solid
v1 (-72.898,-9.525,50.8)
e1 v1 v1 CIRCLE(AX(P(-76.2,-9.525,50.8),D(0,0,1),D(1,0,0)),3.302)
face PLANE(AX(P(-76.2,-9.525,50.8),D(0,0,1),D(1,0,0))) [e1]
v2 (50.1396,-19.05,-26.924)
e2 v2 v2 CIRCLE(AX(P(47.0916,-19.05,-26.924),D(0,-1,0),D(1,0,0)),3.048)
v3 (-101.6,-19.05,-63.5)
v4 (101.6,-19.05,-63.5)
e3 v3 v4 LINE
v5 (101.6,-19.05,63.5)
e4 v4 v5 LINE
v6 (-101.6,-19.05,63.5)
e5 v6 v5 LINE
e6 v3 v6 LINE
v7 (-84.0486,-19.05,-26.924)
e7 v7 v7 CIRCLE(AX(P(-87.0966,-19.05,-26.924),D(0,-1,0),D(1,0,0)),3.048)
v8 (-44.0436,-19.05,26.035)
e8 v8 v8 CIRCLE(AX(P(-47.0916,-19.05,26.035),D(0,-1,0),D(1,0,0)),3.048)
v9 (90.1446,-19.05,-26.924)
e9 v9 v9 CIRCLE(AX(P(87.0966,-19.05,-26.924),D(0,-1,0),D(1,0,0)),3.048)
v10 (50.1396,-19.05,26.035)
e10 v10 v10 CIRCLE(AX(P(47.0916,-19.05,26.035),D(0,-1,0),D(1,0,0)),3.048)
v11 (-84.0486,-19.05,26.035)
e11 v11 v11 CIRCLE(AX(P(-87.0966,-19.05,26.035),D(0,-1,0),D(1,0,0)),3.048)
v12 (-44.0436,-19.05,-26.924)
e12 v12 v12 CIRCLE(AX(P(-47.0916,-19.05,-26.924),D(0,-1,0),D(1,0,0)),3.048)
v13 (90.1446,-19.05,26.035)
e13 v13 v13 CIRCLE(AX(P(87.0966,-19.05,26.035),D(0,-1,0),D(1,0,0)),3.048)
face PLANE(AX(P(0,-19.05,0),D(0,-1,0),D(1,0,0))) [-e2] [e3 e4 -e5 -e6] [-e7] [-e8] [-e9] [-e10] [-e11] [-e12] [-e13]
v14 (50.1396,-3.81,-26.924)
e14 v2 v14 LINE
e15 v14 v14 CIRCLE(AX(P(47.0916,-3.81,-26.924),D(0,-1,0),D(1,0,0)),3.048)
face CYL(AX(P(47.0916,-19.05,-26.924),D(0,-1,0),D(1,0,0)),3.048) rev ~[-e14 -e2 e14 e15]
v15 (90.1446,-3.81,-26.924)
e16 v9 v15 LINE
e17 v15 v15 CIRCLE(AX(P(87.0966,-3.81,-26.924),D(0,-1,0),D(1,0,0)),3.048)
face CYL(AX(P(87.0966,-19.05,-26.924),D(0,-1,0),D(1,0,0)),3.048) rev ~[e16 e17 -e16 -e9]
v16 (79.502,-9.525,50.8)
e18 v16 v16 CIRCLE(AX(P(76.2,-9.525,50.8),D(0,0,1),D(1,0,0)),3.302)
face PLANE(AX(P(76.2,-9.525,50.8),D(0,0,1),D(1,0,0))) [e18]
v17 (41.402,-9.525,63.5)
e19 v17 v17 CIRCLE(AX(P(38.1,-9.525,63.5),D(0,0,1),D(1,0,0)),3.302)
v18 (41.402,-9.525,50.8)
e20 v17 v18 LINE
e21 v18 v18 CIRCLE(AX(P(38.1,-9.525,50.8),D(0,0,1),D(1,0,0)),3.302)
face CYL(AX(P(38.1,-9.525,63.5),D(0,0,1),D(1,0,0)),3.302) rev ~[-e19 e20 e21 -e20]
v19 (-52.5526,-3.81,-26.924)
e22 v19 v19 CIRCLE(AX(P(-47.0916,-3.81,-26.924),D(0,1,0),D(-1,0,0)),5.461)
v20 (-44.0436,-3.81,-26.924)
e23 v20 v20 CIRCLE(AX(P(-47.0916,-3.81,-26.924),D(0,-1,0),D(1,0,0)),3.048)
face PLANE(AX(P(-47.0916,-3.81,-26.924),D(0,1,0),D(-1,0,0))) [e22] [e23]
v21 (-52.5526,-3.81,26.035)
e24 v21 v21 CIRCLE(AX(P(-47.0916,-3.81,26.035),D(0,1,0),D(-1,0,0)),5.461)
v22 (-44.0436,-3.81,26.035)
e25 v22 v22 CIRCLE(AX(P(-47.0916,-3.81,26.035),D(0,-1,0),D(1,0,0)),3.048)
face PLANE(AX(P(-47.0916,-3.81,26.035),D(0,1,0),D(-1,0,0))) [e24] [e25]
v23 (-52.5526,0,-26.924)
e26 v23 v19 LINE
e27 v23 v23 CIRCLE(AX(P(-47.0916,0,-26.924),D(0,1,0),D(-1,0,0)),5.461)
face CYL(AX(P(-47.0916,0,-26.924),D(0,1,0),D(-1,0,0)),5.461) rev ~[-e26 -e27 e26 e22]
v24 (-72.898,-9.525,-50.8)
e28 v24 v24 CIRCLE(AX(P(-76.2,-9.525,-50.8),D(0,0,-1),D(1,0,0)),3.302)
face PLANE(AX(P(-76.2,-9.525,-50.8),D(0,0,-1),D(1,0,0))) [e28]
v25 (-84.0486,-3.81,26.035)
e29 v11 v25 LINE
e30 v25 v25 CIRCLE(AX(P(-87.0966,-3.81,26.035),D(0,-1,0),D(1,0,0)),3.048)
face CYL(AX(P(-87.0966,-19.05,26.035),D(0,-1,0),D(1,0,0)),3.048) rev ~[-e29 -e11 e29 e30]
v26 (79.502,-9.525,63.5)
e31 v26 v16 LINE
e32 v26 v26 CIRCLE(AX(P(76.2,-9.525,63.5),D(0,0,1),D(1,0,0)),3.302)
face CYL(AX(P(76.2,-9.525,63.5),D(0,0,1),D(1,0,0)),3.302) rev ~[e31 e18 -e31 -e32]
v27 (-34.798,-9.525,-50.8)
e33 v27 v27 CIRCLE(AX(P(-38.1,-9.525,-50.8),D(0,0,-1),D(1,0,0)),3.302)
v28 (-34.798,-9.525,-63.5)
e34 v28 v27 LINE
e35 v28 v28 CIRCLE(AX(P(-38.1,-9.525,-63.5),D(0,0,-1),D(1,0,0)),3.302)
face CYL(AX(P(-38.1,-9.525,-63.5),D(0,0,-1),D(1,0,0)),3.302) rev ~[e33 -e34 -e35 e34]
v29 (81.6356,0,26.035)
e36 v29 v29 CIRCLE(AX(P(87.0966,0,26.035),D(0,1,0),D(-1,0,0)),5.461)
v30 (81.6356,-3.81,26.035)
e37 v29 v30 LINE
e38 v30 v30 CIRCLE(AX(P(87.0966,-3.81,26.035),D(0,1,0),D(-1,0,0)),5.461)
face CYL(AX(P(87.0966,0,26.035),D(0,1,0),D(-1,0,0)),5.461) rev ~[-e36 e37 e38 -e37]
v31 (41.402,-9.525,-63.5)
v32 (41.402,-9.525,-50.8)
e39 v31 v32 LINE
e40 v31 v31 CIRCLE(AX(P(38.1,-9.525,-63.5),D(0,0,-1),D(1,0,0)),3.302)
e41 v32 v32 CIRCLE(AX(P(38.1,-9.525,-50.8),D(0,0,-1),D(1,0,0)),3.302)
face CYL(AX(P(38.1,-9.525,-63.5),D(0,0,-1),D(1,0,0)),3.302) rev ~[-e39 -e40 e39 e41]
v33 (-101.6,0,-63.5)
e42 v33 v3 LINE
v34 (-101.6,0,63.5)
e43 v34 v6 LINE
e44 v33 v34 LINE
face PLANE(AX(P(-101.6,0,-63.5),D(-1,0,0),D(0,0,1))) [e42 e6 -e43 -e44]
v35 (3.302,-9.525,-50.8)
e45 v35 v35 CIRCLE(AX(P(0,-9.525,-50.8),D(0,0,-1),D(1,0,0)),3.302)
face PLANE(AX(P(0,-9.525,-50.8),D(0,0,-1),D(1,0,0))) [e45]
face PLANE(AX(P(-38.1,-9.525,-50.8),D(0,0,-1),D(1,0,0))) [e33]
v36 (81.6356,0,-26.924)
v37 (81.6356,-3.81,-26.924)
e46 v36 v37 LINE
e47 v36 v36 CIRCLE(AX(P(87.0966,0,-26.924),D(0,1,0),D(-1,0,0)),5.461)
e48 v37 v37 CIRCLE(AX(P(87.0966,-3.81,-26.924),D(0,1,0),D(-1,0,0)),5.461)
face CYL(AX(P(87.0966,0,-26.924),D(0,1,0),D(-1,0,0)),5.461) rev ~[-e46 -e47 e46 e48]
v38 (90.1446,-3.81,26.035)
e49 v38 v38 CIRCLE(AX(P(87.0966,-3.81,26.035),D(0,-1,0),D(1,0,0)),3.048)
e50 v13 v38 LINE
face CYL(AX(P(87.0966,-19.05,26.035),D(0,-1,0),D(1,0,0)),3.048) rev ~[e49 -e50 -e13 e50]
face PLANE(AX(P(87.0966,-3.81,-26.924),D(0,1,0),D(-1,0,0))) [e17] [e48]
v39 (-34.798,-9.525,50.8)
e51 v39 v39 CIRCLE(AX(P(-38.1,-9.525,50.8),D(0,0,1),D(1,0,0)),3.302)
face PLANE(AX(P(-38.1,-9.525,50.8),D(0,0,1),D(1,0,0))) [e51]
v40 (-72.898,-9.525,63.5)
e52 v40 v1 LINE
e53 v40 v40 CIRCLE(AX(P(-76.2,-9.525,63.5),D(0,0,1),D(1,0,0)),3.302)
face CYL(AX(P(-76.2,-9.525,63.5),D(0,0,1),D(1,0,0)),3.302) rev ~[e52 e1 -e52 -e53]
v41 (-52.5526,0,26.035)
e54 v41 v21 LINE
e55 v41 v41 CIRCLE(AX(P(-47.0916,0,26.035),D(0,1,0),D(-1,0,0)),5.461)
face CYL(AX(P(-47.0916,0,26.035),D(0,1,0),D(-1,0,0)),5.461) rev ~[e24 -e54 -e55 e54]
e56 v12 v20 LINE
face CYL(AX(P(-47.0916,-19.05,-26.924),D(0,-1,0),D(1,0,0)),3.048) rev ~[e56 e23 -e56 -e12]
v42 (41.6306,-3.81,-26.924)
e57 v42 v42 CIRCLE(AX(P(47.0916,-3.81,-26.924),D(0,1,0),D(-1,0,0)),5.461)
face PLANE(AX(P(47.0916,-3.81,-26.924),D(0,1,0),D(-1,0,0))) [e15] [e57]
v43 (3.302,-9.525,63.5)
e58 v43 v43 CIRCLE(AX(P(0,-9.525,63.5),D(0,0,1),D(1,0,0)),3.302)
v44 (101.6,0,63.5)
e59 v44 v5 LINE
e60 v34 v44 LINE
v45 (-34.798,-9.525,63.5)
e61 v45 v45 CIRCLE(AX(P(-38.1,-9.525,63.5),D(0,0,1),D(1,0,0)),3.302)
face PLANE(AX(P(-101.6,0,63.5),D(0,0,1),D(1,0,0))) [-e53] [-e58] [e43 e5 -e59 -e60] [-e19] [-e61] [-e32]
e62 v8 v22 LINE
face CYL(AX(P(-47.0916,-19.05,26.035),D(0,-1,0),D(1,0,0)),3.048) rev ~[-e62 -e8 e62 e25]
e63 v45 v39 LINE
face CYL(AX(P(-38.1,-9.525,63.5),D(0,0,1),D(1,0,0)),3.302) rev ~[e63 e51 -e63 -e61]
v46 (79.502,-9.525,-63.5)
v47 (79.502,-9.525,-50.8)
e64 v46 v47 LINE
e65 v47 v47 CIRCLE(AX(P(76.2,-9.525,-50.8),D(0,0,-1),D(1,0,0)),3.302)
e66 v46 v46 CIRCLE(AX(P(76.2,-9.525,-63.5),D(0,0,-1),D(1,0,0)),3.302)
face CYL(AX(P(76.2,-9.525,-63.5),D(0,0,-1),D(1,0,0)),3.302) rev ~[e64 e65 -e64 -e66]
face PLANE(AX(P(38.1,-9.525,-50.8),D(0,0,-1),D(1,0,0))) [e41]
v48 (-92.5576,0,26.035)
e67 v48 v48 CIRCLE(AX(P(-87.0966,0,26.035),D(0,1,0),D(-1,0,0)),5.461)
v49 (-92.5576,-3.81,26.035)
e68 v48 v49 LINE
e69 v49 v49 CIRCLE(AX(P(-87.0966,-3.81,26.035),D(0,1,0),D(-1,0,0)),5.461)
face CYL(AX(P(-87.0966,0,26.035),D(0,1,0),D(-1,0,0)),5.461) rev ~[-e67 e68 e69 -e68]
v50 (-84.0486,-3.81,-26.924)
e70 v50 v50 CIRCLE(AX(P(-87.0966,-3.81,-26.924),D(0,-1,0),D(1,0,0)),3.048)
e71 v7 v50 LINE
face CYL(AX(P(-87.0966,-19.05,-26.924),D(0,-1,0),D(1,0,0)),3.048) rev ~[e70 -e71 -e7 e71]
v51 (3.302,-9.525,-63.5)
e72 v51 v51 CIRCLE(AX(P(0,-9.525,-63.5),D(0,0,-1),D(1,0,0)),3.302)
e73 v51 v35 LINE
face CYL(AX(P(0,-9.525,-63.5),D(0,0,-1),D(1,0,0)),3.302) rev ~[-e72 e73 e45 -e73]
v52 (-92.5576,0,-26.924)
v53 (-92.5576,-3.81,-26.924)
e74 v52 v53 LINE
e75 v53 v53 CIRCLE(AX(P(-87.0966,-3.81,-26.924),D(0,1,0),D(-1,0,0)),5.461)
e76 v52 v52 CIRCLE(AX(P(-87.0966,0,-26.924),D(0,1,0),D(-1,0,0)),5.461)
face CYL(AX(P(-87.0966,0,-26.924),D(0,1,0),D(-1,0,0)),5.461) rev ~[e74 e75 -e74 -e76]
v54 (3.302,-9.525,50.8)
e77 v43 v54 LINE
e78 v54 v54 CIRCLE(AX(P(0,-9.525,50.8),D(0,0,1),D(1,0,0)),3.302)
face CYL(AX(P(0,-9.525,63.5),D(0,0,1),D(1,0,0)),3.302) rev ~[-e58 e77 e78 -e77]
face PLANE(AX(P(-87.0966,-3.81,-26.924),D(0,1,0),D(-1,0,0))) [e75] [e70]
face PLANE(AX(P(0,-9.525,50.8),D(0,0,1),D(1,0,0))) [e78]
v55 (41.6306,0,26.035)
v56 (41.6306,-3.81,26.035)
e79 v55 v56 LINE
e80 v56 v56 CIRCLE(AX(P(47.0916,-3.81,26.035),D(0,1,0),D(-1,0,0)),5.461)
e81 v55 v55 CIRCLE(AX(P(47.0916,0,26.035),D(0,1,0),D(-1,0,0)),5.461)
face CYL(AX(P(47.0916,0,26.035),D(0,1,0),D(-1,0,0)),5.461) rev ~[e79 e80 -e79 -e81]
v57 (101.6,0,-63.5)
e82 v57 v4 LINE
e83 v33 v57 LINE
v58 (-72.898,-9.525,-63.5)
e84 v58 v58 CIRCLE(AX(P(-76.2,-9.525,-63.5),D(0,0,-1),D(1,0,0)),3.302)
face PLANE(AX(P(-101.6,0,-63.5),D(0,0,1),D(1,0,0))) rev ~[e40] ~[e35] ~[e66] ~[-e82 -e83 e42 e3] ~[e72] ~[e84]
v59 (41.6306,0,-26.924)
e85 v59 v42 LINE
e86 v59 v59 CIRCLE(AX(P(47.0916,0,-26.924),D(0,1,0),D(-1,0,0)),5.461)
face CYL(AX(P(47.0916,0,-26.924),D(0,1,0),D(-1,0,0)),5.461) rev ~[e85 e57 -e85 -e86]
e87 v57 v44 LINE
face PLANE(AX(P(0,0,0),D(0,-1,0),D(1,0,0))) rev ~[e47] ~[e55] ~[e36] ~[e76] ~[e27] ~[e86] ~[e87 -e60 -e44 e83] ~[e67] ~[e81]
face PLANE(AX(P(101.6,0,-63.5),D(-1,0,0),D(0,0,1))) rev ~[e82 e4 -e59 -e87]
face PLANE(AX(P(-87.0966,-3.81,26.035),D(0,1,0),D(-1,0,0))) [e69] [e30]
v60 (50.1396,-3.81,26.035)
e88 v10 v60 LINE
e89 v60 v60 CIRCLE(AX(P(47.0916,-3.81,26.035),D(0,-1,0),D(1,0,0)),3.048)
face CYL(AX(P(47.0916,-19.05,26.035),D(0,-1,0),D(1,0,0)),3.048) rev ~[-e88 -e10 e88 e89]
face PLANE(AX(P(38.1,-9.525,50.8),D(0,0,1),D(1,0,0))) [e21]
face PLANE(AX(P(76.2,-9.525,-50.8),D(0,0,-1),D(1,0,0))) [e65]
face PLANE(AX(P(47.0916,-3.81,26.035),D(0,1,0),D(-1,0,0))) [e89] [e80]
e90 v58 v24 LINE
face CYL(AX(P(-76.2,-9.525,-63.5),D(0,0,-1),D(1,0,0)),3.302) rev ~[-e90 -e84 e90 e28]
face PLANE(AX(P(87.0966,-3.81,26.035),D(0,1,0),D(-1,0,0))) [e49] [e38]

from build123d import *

# Parameters (mm, degrees)
F0_W      = 203.2
F0_H      = 127
F1_DEPTH  = 19.05
F2_R      = 3.048
F3_DEPTH  = 19.051
F4_R      = 3.302
F5_DEPTH  = 12.7
F7_R      = 3.302
F8_DEPTH  = 12.7
F9_R      = 5.461
F10_DEPTH = 3.81


with BuildPart() as f1:
    # F0 (on Front) → F1 (new body)
    with BuildSketch(Plane.XZ):
        Rectangle(F0_W, F0_H)
    extrude(amount=F1_DEPTH)

    # F2 (on face) → F3 (cut, through all)
    with BuildSketch(Plane.XZ.offset(19.05)):
        with Locations((-87.0966, 26.035)):
            Circle(F2_R)
        with Locations((-47.0916, 26.035)):
            Circle(F2_R)
        with Locations((-87.0966, -26.924)):
            Circle(F2_R)
        with Locations((-47.0916, -26.924)):
            Circle(F2_R)
        with Locations((47.0916, -26.924)):
            Circle(F2_R)
        with Locations((47.0916, 26.035)):
            Circle(F2_R)
        with Locations((87.0966, 26.035)):
            Circle(F2_R)
        with Locations((87.0966, -26.924)):
            Circle(F2_R)
    extrude(amount=-F3_DEPTH, mode=Mode.SUBTRACT)

    # F4 (on face) → F5 (cut)
    with BuildSketch(Plane.XY.offset(63.5)):
        with Locations((-76.2, -9.525)):
            Circle(F4_R)
        with Locations((-38.1, -9.525)):
            Circle(F4_R)
        with Locations((0, -9.525)):
            Circle(F4_R)
        with Locations((38.1, -9.525)):
            Circle(F4_R)
        with Locations((76.2, -9.525)):
            Circle(F4_R)
    extrude(amount=-F5_DEPTH, mode=Mode.SUBTRACT)

    # F7 (on face) → F8 (cut)
    with BuildSketch(Plane(origin=(0, 0, -63.5), x_dir=(1, 0, 0), z_dir=(0, 0, -1))):
        with Locations((-76.2, 9.525)):
            Circle(F7_R)
        with Locations((-38.1, 9.525)):
            Circle(F7_R)
        with Locations((0, 9.525)):
            Circle(F7_R)
        with Locations((38.1, 9.525)):
            Circle(F7_R)
        with Locations((76.2, 9.525)):
            Circle(F7_R)
    extrude(amount=-F8_DEPTH, mode=Mode.SUBTRACT)

    # F9 (on face) → F10 (cut)
    with BuildSketch(Plane(origin=(0, 0, 0), x_dir=(-1, 0, 0), z_dir=(0, 1, 0))):
        with Locations((-47.0916, 26.035)):
            Circle(F9_R)
        with Locations((-87.0966, 26.035)):
            Circle(F9_R)
        with Locations((-87.0966, -26.924)):
            Circle(F9_R)
        with Locations((-47.0916, -26.924)):
            Circle(F9_R)
        with Locations((47.0916, -26.924)):
            Circle(F9_R)
        with Locations((87.0966, -26.924)):
            Circle(F9_R)
        with Locations((87.0966, 26.035)):
            Circle(F9_R)
        with Locations((47.0916, 26.035)):
            Circle(F9_R)
    extrude(amount=-F10_DEPTH, mode=Mode.SUBTRACT)


solid = f1.part
